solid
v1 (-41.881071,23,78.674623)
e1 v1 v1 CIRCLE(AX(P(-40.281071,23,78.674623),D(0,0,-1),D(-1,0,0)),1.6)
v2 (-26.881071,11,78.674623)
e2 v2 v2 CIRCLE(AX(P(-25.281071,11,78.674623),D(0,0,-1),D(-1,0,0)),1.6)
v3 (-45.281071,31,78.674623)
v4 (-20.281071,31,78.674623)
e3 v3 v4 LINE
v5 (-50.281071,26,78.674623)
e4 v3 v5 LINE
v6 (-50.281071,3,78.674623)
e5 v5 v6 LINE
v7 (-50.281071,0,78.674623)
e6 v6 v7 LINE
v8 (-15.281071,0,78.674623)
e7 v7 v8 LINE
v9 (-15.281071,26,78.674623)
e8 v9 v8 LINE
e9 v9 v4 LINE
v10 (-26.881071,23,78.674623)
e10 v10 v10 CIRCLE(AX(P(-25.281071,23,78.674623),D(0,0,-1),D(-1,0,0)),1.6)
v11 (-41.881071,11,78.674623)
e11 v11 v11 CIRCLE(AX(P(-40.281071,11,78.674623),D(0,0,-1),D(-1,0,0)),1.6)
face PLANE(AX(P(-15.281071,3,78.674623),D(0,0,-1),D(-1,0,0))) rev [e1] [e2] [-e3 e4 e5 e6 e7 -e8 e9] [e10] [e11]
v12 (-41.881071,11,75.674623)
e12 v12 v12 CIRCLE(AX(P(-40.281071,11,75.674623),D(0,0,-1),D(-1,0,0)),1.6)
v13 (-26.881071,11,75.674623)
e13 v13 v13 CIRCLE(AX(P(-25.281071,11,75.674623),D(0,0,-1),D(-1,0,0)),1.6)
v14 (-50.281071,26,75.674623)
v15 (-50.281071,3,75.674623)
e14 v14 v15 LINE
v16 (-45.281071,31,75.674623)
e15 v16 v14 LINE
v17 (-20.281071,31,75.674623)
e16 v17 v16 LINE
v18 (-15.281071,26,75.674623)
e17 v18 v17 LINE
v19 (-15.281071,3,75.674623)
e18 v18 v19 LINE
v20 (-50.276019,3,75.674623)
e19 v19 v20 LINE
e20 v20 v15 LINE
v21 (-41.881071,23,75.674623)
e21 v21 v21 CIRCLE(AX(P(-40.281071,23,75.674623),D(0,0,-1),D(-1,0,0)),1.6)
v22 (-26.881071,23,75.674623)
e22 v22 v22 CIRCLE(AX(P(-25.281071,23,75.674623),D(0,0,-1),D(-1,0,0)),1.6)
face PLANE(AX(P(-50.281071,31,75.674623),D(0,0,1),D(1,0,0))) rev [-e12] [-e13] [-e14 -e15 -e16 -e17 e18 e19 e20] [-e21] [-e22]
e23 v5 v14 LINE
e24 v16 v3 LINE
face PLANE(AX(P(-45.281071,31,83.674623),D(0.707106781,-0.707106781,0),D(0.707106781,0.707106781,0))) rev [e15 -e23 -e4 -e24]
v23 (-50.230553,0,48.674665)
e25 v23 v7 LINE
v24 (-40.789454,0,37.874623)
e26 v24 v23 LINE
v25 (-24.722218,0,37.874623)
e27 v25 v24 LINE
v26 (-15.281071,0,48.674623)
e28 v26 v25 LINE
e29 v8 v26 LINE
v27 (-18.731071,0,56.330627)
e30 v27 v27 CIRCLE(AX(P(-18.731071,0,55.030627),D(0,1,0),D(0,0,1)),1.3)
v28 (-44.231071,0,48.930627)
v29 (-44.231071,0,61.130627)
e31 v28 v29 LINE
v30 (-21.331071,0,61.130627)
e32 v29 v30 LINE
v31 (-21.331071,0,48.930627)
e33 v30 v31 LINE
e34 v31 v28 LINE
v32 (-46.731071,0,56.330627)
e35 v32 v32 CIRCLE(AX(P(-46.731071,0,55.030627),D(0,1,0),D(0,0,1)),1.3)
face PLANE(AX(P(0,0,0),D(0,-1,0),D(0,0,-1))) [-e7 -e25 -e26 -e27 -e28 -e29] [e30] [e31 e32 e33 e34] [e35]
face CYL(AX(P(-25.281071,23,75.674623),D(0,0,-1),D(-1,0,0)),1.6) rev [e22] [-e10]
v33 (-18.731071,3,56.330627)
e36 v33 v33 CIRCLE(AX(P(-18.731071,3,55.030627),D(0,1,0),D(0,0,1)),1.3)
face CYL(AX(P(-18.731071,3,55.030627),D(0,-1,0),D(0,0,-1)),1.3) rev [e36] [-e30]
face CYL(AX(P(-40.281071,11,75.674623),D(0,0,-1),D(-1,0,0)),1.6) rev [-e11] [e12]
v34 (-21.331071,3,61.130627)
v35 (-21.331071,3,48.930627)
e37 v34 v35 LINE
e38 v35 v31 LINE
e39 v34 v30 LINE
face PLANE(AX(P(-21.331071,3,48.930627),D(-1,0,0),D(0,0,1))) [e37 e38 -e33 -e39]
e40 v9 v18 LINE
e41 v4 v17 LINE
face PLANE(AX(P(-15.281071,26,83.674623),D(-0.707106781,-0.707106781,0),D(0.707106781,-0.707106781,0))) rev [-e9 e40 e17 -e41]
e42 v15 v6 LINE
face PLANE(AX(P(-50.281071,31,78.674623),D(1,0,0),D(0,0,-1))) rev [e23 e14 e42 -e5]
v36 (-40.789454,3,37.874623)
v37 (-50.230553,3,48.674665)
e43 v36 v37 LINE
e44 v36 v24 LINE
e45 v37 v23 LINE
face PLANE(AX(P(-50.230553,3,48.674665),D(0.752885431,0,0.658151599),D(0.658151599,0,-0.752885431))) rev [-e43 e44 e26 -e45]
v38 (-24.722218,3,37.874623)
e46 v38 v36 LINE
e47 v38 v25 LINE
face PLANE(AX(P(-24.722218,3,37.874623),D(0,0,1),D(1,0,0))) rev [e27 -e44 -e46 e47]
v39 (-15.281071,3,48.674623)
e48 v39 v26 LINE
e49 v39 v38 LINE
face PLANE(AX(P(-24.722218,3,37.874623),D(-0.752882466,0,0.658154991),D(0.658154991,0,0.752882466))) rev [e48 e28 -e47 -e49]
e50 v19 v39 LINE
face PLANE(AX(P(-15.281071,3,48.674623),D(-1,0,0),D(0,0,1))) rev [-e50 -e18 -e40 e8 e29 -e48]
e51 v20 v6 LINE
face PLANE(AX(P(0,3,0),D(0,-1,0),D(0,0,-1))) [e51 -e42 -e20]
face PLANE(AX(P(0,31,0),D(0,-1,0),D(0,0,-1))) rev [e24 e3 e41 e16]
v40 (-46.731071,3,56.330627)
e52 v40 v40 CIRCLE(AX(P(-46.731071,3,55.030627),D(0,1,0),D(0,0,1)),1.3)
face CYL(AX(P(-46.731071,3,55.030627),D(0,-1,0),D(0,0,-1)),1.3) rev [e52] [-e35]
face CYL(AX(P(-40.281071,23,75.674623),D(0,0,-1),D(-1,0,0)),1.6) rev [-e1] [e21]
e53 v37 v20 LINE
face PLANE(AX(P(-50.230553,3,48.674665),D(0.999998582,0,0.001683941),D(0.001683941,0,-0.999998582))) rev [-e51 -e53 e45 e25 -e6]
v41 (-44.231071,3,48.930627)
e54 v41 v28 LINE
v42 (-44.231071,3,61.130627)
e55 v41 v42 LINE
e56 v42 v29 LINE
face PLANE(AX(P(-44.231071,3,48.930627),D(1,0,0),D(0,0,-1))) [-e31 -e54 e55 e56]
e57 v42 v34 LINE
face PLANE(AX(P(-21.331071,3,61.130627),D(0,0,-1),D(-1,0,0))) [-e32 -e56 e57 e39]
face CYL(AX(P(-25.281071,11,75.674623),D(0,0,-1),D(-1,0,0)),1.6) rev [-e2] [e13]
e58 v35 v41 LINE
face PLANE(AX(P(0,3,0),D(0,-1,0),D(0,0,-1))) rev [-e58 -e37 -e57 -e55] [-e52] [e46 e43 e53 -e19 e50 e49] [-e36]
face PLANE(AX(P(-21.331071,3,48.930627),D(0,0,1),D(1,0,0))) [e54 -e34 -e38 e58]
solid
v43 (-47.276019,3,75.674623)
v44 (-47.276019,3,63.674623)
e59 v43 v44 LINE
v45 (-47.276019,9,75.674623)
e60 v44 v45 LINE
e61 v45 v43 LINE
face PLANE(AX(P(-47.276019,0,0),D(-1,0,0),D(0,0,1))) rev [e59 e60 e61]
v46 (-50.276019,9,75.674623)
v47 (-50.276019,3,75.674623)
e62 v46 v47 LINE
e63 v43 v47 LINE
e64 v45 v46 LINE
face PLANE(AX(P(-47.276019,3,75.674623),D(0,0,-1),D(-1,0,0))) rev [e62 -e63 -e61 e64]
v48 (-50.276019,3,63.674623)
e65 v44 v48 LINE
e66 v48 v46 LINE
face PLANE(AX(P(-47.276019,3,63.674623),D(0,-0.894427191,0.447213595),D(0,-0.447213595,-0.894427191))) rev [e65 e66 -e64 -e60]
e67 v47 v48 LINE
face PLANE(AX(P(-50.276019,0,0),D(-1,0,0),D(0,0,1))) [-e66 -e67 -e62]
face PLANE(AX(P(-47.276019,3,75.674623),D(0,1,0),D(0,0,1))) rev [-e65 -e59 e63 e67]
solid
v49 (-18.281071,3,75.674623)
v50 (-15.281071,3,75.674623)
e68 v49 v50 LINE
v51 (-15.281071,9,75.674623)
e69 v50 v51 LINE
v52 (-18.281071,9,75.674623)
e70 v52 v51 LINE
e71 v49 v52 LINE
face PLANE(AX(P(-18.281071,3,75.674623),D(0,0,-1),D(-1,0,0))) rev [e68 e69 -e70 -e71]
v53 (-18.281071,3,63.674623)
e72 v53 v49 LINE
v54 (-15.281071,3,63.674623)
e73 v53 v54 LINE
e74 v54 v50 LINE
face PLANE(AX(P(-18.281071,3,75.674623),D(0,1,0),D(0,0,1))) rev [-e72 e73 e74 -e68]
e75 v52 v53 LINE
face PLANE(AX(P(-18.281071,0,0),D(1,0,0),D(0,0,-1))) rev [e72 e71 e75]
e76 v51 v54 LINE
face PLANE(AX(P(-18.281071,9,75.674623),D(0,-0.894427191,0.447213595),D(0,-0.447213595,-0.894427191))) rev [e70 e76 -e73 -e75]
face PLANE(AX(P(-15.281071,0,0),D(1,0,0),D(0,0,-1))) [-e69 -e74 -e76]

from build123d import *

# Parameters (mm, degrees)
SKETCH2_R                      = 1.3
SKETCH2_W                      = 22.9
SKETCH2_H                      = 12.2
BOSS_EXTRUDE1_DEPTH            = 3
SKETCH4_W                      = 35
SKETCH4_H                      = 3
BOSS_EXTRUDE2_DEPTH            = 28
CUT_EXTRUDE1_DEPTH             = 8
F_3_2_3_2_DIAMETER_HOLE1_D     = 3.2
F_3_2_3_2_DIAMETER_HOLE1_DEPTH = 3.2
F_3_2_3_2_DIAMETER_HOLE1_TIP   = 0.96137699
GUSSET1_THICKNESS              = 3
GUSSET2_THICKNESS              = 3


with BuildPart() as part:
    # Sketch2 → Boss-Extrude1 (new body)
    with BuildSketch(Plane(origin=(0, 0, 0), x_dir=(1, 0, 0), z_dir=(0, 1, 0))):
        Polygon((-15.281070854, -78.674622905), (-50.281070854, -78.674622905), (-50.230552623, -48.67466544), (-40.789454456, -37.874622905), (-24.722217678, -37.874622905), (-15.281070854, -48.674622905), align=None)
        with Locations(Location((-46.731070854, -55.03062717, 0), (0, 0, 270))):
            Circle(SKETCH2_R, mode=Mode.SUBTRACT)
        with Locations(Location((-18.731070854, -55.03062717, 0), (0, 0, 270))):
            Circle(SKETCH2_R, mode=Mode.SUBTRACT)
        with Locations((-32.781070854, -55.03062717)):
            Rectangle(SKETCH2_W, SKETCH2_H, mode=Mode.SUBTRACT)
    extrude(amount=BOSS_EXTRUDE1_DEPTH)

    # Sketch4 → Boss-Extrude2 (add)
    with BuildSketch(Plane(origin=(0, 3, 0), x_dir=(1, 0, 0), z_dir=(0, 1, 0))):
        with Locations((-32.781070854, -77.174622905)):
            Rectangle(SKETCH4_W, SKETCH4_H)
    extrude(amount=BOSS_EXTRUDE2_DEPTH)

    # Sketch5 → Cut-Extrude1 (cut)
    with BuildSketch(Plane(origin=(0, 0, 75.674622905), x_dir=(-1, 0, 0), z_dir=(0, 0, -1))):
        Polygon((15.281070854, 31), (15.281070854, 26), (20.281070854, 31), align=None)
        Polygon((50.281070854, 31), (45.281070854, 31), (50.281070854, 26), align=None)
    extrude(amount=-CUT_EXTRUDE1_DEPTH, mode=Mode.SUBTRACT)

    # Ø3.2 (3.2) Diameter Hole1
    with Locations(Plane(origin=(0, 0, 75.674622905), x_dir=(-1, 0, 0), z_dir=(0, 0, -1))):
        with Locations((25.281070854, 23), (40.281070854, 23), (40.281070854, 11), (25.281070854, 11), (7.430326382, 12.317521411)):
            Hole(F_3_2_3_2_DIAMETER_HOLE1_D / 2, depth=F_3_2_3_2_DIAMETER_HOLE1_DEPTH)
            with Locations((0, 0, -(F_3_2_3_2_DIAMETER_HOLE1_DEPTH + F_3_2_3_2_DIAMETER_HOLE1_TIP / 2))):  # 118° drill point
                Cone(0, F_3_2_3_2_DIAMETER_HOLE1_D / 2, F_3_2_3_2_DIAMETER_HOLE1_TIP, mode=Mode.SUBTRACT)


with BuildPart() as body_2:
    # Gusset1: a gusset: a plate 3.0 thick in the corner of two members, its outline drawn in place
    gusset1_outline = Wire([Line((-47.276019024, 3, 75.674622905), (-47.276019024, 3, 63.674622905)), Line((-47.276019024, 3, 63.674622905), (-47.276019024, 9, 75.674622905)), Line((-47.276019024, 9, 75.674622905), (-47.276019024, 3, 75.674622905))])
    add(extrude(Face(gusset1_outline), amount=GUSSET1_THICKNESS, dir=(-1, 0, 0)))


with BuildPart() as body_3:
    # Gusset2: a gusset: a plate 3.0 thick in the corner of two members, its outline drawn in place
    gusset2_outline = Wire([Line((-18.281070854, 3, 75.674622905), (-18.281070854, 9, 75.674622905)), Line((-18.281070854, 9, 75.674622905), (-18.281070854, 3, 63.674622905)), Line((-18.281070854, 3, 63.674622905), (-18.281070854, 3, 75.674622905))])
    add(extrude(Face(gusset2_outline), amount=GUSSET2_THICKNESS, dir=(1, 0, 0)))


solid = Compound([part.part, body_2.part, body_3.part])
